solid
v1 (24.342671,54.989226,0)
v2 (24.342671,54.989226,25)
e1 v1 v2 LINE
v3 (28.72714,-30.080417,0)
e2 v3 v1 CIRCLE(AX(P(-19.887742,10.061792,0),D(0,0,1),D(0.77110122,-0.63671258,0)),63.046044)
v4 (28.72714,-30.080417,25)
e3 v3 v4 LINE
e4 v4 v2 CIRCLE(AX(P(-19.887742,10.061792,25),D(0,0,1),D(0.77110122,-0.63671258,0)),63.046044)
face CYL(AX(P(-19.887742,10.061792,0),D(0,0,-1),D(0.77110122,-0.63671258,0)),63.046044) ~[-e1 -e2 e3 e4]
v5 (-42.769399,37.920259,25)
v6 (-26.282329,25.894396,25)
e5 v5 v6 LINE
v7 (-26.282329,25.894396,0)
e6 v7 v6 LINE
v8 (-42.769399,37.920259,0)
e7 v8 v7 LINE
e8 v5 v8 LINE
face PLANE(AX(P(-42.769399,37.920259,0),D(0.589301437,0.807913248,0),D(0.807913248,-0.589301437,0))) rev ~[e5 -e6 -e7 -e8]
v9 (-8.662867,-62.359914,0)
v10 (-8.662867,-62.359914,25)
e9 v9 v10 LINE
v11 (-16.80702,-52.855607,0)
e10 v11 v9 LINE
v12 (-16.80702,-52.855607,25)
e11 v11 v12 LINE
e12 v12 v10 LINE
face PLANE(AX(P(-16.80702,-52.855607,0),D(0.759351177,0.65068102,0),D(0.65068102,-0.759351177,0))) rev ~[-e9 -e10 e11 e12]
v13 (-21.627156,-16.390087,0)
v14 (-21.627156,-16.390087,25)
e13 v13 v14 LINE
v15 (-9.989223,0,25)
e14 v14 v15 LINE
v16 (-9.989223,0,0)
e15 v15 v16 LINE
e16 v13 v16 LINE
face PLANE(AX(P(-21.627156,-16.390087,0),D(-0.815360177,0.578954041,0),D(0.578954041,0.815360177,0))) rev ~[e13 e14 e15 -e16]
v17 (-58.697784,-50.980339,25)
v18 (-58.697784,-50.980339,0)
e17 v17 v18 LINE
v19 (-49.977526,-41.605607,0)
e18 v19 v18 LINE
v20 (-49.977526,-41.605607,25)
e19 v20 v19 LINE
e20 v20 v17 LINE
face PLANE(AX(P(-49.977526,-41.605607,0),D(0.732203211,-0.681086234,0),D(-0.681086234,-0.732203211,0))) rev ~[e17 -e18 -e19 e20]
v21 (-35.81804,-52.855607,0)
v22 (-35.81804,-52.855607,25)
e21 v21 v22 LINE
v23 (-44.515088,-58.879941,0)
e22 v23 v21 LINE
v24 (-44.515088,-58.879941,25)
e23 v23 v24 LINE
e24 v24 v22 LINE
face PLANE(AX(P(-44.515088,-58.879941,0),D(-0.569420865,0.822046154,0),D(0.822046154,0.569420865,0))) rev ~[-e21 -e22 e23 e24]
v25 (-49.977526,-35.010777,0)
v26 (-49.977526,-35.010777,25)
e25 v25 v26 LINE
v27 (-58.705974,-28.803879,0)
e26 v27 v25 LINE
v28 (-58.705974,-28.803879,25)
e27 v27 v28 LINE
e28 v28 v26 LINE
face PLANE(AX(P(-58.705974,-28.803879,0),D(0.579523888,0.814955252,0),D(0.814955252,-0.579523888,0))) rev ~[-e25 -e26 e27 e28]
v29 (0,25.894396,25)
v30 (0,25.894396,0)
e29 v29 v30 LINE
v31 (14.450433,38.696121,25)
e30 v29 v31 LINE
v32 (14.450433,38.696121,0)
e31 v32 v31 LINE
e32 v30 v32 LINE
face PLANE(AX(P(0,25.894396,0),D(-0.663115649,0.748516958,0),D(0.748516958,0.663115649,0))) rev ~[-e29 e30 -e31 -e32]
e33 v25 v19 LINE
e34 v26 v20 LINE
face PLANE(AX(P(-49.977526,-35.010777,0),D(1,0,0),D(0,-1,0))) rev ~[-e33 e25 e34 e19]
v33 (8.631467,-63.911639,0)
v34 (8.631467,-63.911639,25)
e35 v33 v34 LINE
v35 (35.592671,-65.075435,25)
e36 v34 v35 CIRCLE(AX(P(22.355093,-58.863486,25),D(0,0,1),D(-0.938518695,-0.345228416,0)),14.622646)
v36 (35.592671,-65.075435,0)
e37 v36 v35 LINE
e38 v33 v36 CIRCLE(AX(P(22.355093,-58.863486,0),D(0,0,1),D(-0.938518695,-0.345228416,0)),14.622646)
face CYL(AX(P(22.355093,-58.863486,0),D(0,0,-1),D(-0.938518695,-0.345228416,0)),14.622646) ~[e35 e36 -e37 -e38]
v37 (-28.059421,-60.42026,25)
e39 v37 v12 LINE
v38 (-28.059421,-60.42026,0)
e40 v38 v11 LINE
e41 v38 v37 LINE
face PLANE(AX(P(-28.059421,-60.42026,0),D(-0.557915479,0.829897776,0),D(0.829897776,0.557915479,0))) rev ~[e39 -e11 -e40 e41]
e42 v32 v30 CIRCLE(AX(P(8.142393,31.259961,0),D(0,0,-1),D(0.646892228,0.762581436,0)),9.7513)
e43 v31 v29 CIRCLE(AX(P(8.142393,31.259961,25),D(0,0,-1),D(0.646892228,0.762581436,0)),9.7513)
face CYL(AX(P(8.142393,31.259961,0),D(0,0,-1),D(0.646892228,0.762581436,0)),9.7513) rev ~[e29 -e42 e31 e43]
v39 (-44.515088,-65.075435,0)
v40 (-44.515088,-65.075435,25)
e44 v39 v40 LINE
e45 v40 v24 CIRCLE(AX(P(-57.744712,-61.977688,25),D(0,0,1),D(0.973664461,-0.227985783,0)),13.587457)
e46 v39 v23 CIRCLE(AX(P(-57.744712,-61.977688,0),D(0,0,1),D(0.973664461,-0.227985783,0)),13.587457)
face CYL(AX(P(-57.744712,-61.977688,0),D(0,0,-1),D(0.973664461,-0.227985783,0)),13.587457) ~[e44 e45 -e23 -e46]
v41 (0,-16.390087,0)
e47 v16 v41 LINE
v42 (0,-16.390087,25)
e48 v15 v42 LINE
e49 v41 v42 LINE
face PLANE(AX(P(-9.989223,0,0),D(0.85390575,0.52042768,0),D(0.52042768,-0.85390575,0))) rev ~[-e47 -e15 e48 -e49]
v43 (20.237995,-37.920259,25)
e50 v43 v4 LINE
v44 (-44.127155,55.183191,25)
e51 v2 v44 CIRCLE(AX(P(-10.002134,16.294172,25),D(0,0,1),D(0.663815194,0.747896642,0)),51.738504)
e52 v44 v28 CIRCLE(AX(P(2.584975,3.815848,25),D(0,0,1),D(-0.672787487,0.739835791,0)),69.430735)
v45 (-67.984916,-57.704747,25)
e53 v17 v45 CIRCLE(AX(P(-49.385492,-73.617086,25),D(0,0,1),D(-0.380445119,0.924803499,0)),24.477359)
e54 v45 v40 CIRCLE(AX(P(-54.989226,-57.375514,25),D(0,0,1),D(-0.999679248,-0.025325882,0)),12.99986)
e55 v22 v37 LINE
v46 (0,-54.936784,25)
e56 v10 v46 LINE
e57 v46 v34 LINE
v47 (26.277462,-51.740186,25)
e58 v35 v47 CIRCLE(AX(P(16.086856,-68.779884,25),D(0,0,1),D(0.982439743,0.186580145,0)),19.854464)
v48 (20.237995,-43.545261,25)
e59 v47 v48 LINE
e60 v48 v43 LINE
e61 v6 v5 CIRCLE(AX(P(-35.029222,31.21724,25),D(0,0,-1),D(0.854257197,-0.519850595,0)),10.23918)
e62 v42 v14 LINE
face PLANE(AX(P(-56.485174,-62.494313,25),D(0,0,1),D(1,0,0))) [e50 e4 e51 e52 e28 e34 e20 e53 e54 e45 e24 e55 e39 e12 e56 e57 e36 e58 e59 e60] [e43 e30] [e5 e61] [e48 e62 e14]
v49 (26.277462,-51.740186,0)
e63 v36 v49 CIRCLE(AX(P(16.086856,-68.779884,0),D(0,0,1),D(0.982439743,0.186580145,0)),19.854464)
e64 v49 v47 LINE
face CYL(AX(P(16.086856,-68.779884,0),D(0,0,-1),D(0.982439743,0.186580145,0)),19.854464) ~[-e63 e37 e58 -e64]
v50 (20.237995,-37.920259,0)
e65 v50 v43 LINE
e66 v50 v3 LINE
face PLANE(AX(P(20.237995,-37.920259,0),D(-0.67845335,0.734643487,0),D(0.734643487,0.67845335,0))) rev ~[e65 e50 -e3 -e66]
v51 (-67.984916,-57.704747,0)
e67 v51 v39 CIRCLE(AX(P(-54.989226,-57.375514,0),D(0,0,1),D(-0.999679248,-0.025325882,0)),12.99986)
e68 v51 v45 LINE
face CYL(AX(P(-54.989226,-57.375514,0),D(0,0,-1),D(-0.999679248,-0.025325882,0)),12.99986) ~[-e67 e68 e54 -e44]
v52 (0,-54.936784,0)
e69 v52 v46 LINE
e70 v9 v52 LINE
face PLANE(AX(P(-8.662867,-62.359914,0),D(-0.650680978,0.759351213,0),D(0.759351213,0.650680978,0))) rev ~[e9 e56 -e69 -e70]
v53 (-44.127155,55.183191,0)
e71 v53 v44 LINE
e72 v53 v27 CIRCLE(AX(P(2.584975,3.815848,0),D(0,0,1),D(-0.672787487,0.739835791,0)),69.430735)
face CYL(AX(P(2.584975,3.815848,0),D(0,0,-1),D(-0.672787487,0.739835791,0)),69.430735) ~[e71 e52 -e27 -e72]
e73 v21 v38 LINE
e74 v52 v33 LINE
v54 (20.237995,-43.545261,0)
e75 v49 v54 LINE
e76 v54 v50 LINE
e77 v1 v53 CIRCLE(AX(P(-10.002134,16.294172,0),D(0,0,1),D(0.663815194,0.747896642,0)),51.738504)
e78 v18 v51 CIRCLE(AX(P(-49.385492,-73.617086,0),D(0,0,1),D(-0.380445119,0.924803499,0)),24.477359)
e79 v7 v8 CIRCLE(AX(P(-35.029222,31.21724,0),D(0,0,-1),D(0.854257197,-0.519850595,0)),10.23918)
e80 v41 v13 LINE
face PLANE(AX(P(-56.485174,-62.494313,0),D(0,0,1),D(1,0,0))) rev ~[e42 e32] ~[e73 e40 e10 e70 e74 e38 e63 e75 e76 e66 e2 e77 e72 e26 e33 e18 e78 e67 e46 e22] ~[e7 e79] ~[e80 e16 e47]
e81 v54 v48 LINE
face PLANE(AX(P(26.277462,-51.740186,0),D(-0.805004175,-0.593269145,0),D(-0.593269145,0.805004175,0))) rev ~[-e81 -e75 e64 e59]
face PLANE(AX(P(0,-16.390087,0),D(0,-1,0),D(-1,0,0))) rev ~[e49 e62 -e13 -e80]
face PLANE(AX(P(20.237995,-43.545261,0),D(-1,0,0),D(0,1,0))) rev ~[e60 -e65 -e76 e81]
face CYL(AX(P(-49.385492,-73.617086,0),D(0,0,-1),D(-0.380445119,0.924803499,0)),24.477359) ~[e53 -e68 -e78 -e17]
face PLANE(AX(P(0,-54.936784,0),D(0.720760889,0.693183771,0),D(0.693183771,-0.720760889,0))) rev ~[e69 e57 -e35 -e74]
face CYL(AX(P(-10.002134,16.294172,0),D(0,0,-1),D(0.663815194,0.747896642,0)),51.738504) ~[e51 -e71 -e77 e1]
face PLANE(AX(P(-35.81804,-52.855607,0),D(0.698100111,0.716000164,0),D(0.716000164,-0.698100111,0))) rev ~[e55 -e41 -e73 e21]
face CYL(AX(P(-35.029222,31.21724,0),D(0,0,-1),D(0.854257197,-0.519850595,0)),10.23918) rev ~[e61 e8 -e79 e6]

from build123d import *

# Parameters (mm, degrees)
F1_DEPTH = 8
F2_DEPTH = 25


with BuildPart() as f1:
    # F0 (on Top) → F1 (new body)
    with BuildSketch(Plane.XY):
        with BuildLine():
            Line((-49.977526, -41.605607), (-58.697784, -50.980339))
            ThreePointArc((-58.697784, -50.980339), (-55.746943, -49.98082), (-52.693043, -49.364224))
            ThreePointArc((-52.693043, -49.364224), (-47.439924, -53.121601), (-44.515088, -58.879941))
            Line((-44.515088, -58.879941), (-35.81804, -52.855607))
            Line((-35.81804, -52.855607), (-28.059421, -60.42026))
            Line((-28.059421, -60.42026), (-16.80702, -52.855607))
            Line((-16.80702, -52.855607), (-8.662867, -62.359914))
            Line((-8.662867, -62.359914), (0, -54.936784))
            Line((0, -54.936784), (8.631467, -63.911639))
            ThreePointArc((8.631467, -63.911639), (11.744426, -54.491495), (20.237995, -49.364224))
            ThreePointArc((20.237995, -49.364224), (23.355468, -50.303762), (26.277462, -51.740186))
            Line((26.277462, -51.740186), (20.237995, -43.545261))
            Line((20.237995, -43.545261), (20.237995, -37.920259))
            Line((20.237995, -37.920259), (28.72714, -30.080417))
            ThreePointArc((28.72714, -30.080417), (43.074733, 13.306863), (24.342671, 54.989226))
            ThreePointArc((24.342671, 54.989226), (-9.855567, 68.032469), (-44.127155, 55.183191))
            ThreePointArc((-44.127155, 55.183191), (-65.822797, 15.690348), (-58.705974, -28.803879))
            Line((-58.705974, -28.803879), (-49.977526, -35.010777))
            Line((-49.977526, -35.010777), (-49.977526, -41.605607))
        make_face()
        Polygon((0, -16.390087), (-21.627156, -16.390087), (-9.989223, 0), align=None, mode=Mode.SUBTRACT)
        with BuildLine():
            ThreePointArc((-26.282329, 25.894396), (-41.063186, 22.944871), (-42.769399, 37.920259))
            Line((-42.769399, 37.920259), (-26.282329, 25.894396))
        make_face(mode=Mode.SUBTRACT)
        with BuildLine():
            ThreePointArc((14.450433, 38.696121), (14.608633, 23.960948), (0, 25.894396))
            Line((0, 25.894396), (14.450433, 38.696121))
        make_face(mode=Mode.SUBTRACT)
    extrude(amount=F1_DEPTH)

    # F0 (on Top) → F2 (join)
    with BuildSketch(Plane.XY):
        with BuildLine():
            ThreePointArc((-54.989226, -57.375513), (-61.534535, -55.666613), (-67.984916, -57.704747))
            ThreePointArc((-67.984916, -57.704747), (-58.884264, -69.778136), (-44.515088, -65.075435))
            ThreePointArc((-44.515088, -65.075435), (-48.164701, -59.06607), (-54.989226, -57.375513))
        make_face()
        with BuildLine():
            ThreePointArc((-58.697784, -50.980339), (-63.740644, -53.791075), (-67.984916, -57.704747))
            ThreePointArc((-67.984916, -57.704747), (-61.534535, -55.666613), (-54.989226, -57.375513))
            ThreePointArc((-54.989226, -57.375513), (-48.164701, -59.06607), (-44.515088, -65.075435))
            ThreePointArc((-44.515088, -65.075435), (-44.157255, -61.977688), (-44.515088, -58.879941))
            ThreePointArc((-44.515088, -58.879941), (-47.439924, -53.121601), (-52.693043, -49.364224))
            ThreePointArc((-52.693043, -49.364224), (-55.746943, -49.98082), (-58.697784, -50.980339))
        make_face()
        with BuildLine():
            Line((-49.977526, -41.605607), (-58.697784, -50.980339))
            ThreePointArc((-58.697784, -50.980339), (-55.746943, -49.98082), (-52.693043, -49.364224))
            ThreePointArc((-52.693043, -49.364224), (-47.439924, -53.121601), (-44.515088, -58.879941))
            Line((-44.515088, -58.879941), (-35.81804, -52.855607))
            Line((-35.81804, -52.855607), (-28.059421, -60.42026))
            Line((-28.059421, -60.42026), (-16.80702, -52.855607))
            Line((-16.80702, -52.855607), (-8.662867, -62.359914))
            Line((-8.662867, -62.359914), (0, -54.936784))
            Line((0, -54.936784), (8.631467, -63.911639))
            ThreePointArc((8.631467, -63.911639), (11.744426, -54.491495), (20.237995, -49.364224))
            ThreePointArc((20.237995, -49.364224), (23.355468, -50.303762), (26.277462, -51.740186))
            Line((26.277462, -51.740186), (20.237995, -43.545261))
            Line((20.237995, -43.545261), (20.237995, -37.920259))
            Line((20.237995, -37.920259), (28.72714, -30.080417))
            ThreePointArc((28.72714, -30.080417), (43.074733, 13.306863), (24.342671, 54.989226))
            ThreePointArc((24.342671, 54.989226), (-9.855567, 68.032469), (-44.127155, 55.183191))
            ThreePointArc((-44.127155, 55.183191), (-65.822797, 15.690348), (-58.705974, -28.803879))
            Line((-58.705974, -28.803879), (-49.977526, -35.010777))
            Line((-49.977526, -35.010777), (-49.977526, -41.605607))
        make_face()
        Polygon((0, -16.390087), (-21.627156, -16.390087), (-9.989223, 0), align=None, mode=Mode.SUBTRACT)
        with BuildLine():
            ThreePointArc((-26.282329, 25.894396), (-41.063186, 22.944871), (-42.769399, 37.920259))
            Line((-42.769399, 37.920259), (-26.282329, 25.894396))
        make_face(mode=Mode.SUBTRACT)
        with BuildLine():
            ThreePointArc((14.450433, 38.696121), (14.608633, 23.960948), (0, 25.894396))
            Line((0, 25.894396), (14.450433, 38.696121))
        make_face(mode=Mode.SUBTRACT)
        with BuildLine():
            ThreePointArc((22.355094, -58.863486), (14.893383, -59.756716), (8.631467, -63.911639))
            ThreePointArc((8.631467, -63.911639), (21.724486, -73.472528), (35.592671, -65.075435))
            ThreePointArc((35.592671, -65.075435), (29.710772, -60.399159), (22.355094, -58.863486))
        make_face()
        with BuildLine():
            ThreePointArc((20.237995, -49.364224), (11.744426, -54.491495), (8.631467, -63.911639))
            ThreePointArc((8.631467, -63.911639), (14.893383, -59.756716), (22.355094, -58.863486))
            ThreePointArc((22.355094, -58.863486), (29.710772, -60.399159), (35.592671, -65.075435))
            ThreePointArc((35.592671, -65.075435), (32.363421, -57.410047), (26.277462, -51.740186))
            ThreePointArc((26.277462, -51.740186), (23.355468, -50.303762), (20.237995, -49.364224))
        make_face()
    extrude(amount=F2_DEPTH)


solid = f1.part
